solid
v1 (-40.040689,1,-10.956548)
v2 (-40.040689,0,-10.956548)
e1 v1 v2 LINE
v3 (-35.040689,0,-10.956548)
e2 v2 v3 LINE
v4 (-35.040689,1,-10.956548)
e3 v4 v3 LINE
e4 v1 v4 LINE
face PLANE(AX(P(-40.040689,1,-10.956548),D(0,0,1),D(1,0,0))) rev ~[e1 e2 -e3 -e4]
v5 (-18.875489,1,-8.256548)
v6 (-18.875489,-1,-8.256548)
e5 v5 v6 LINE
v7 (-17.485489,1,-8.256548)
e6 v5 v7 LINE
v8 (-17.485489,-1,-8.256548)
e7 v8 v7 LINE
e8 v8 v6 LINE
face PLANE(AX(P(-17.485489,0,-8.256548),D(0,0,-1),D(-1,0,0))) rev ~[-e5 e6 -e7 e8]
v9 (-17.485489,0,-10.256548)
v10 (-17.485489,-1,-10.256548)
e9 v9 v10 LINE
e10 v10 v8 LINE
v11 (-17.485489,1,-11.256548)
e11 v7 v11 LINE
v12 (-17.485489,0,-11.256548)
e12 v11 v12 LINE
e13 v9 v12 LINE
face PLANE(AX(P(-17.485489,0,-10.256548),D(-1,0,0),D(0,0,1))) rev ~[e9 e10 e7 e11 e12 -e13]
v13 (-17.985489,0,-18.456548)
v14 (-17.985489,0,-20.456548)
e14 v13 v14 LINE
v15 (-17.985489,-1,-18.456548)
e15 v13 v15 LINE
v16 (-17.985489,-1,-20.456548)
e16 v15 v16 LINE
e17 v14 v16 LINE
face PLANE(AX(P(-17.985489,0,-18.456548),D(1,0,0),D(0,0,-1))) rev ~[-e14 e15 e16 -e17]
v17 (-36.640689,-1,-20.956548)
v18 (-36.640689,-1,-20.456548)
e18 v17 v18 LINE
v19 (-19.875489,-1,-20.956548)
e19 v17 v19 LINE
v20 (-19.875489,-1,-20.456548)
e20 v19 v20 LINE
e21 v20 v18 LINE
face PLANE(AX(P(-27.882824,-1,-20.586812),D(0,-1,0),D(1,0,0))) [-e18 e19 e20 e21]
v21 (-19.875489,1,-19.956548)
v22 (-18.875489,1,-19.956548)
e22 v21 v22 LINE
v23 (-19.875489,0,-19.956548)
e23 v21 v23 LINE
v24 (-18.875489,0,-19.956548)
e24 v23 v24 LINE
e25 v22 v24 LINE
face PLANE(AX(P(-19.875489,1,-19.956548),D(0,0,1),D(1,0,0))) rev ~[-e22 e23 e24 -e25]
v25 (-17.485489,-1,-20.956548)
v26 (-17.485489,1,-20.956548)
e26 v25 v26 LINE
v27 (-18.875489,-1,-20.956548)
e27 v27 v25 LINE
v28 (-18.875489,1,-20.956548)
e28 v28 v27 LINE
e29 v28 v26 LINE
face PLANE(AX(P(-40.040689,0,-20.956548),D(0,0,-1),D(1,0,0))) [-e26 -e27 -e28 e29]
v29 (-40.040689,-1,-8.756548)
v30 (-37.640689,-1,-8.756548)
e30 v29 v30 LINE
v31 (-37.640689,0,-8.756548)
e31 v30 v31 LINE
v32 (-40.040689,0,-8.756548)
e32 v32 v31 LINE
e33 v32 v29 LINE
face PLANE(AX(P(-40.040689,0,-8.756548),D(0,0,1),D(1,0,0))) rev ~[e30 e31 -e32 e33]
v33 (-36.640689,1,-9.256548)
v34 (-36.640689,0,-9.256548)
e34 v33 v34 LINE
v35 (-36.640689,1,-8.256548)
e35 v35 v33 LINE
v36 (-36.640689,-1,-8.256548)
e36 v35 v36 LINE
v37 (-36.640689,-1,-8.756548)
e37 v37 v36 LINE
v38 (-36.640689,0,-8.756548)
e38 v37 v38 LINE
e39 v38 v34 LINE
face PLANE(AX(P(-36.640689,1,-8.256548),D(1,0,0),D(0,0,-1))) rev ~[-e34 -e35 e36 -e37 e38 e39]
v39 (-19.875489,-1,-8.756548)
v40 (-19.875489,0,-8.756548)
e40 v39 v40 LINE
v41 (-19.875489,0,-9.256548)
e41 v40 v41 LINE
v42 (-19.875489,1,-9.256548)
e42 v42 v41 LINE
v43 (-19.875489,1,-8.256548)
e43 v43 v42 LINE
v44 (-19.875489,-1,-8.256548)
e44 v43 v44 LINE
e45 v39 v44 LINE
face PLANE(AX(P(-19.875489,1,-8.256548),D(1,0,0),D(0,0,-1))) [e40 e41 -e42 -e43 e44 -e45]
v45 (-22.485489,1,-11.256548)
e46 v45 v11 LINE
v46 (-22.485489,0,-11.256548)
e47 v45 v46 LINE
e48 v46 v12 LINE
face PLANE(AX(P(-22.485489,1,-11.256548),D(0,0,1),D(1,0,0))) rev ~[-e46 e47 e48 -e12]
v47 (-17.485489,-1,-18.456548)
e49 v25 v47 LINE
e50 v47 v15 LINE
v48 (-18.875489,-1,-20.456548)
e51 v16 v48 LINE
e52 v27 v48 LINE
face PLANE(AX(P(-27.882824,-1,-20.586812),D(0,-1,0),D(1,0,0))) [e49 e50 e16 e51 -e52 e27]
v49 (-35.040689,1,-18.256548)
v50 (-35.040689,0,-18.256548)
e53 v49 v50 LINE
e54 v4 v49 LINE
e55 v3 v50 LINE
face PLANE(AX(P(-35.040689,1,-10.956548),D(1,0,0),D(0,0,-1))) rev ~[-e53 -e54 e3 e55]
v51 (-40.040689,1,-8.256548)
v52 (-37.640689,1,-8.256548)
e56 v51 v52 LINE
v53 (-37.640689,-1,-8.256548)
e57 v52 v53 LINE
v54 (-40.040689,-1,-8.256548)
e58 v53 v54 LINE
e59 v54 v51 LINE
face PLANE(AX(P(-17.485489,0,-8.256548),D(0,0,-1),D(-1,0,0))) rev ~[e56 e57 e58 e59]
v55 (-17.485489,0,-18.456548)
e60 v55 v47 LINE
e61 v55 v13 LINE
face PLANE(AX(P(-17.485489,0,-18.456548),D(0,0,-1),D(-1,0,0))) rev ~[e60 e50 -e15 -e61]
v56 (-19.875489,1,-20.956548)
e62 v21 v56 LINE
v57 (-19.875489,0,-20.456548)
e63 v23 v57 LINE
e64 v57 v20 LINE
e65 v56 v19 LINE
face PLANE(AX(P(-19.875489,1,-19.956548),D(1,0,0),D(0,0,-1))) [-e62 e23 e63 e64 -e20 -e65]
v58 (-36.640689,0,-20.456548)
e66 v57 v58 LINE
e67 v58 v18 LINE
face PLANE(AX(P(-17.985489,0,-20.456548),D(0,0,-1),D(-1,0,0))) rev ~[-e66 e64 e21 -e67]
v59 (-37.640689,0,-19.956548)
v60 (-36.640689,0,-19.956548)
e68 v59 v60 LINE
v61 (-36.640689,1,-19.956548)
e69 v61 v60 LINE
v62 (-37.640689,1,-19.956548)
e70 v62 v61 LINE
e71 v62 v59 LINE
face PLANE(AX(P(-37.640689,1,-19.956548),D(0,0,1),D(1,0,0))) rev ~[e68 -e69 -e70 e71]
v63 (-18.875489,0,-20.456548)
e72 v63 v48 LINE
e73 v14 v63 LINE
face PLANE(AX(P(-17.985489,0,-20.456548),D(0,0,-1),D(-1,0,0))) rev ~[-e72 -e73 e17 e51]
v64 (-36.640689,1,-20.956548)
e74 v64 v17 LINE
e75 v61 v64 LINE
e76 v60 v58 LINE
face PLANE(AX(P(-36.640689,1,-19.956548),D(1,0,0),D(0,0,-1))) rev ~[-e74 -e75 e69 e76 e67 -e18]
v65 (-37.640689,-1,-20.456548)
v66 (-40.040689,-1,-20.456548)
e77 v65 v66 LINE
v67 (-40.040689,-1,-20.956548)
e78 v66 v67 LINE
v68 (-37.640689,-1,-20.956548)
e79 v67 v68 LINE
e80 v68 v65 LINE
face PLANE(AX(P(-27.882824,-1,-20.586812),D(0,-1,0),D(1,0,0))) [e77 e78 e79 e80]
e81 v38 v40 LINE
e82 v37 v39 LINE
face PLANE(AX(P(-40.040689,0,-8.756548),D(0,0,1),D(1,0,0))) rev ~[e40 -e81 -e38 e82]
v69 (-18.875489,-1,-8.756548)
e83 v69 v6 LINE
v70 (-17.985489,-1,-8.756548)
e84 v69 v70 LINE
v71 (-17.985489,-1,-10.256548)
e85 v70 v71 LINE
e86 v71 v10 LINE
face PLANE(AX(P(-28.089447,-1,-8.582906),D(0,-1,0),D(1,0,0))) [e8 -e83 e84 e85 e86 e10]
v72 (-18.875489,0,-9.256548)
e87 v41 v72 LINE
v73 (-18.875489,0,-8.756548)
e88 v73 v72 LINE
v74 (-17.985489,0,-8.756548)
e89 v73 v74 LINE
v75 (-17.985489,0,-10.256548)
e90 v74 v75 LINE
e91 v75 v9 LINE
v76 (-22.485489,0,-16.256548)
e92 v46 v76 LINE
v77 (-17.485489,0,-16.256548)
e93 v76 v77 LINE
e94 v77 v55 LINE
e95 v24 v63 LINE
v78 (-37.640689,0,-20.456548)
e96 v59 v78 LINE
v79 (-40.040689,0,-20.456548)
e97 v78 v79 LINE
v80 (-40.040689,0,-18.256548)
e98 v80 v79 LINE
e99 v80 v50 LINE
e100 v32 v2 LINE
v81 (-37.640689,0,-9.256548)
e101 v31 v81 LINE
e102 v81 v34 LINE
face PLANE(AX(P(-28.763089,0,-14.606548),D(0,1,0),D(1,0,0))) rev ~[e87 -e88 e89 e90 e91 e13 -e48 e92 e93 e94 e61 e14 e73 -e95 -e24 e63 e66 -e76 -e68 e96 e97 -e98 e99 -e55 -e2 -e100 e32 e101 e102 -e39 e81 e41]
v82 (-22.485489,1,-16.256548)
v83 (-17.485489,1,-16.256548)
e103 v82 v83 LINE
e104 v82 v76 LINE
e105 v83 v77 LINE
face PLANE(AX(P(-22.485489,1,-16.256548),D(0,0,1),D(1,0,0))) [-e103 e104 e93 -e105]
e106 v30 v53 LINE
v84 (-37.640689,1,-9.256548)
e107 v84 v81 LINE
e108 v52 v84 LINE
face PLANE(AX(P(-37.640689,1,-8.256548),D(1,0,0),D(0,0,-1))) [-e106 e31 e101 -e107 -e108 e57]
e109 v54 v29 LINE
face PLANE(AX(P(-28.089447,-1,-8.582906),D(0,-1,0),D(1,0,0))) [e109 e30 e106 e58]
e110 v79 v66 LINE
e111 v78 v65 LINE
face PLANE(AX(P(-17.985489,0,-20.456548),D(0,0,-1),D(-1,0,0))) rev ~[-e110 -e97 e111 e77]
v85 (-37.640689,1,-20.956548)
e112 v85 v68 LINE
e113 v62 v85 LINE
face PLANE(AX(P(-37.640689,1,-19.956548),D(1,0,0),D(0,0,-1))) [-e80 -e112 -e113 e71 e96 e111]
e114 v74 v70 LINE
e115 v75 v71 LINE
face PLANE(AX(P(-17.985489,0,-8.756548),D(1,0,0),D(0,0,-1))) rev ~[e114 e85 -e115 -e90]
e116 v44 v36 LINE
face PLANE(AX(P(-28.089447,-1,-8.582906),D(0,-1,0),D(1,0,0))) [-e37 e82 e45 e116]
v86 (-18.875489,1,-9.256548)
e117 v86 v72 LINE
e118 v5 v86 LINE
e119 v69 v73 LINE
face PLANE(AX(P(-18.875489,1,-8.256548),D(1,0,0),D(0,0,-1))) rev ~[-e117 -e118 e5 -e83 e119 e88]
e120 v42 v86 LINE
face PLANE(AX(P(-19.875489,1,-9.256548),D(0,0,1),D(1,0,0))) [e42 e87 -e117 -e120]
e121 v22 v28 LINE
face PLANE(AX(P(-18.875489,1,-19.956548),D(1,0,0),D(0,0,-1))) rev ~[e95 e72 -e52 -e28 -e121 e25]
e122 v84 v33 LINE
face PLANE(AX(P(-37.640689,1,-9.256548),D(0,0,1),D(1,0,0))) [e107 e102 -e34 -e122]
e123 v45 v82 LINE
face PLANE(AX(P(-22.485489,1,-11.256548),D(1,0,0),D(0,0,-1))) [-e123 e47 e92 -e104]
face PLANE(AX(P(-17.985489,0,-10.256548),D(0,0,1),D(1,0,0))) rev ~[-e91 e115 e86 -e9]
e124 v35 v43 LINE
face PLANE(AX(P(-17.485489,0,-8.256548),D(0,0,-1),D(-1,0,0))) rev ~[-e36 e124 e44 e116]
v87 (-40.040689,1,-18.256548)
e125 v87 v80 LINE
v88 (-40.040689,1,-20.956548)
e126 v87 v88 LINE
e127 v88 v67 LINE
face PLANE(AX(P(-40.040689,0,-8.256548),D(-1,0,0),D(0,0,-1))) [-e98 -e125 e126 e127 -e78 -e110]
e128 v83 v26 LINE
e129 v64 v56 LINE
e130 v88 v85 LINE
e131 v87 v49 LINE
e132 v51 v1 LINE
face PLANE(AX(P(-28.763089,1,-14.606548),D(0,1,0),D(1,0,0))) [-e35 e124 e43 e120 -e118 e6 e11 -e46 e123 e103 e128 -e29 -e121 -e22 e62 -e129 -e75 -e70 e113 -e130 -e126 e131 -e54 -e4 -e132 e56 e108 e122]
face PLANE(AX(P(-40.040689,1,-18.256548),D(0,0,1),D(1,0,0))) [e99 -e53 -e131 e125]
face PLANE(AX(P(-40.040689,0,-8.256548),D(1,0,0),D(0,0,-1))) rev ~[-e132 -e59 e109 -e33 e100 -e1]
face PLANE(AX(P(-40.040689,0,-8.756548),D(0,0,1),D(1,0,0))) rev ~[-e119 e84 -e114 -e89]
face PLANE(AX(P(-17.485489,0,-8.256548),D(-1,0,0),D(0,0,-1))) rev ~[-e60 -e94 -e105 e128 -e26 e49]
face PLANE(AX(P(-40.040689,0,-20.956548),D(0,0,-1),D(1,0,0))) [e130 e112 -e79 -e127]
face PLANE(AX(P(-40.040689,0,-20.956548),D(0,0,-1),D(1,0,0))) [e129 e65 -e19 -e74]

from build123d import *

# Parameters (mm, degrees)
SKETCH1_W           = 22.5552
SKETCH1_H           = 12.7
BOSS_EXTRUDE1_DEPTH = 1
SKETCH2_W           = 5
SKETCH2_H           = 7.3
CUT_EXTRUDE1_DEPTH  = 1
SKETCH3_W           = 5
SKETCH3_H           = 5
CUT_EXTRUDE2_DEPTH  = 1
BOSS_EXTRUDE2_DEPTH = 1
SKETCH7_W           = 1
SKETCH7_H           = 1
CUT_EXTRUDE3_DEPTH  = 3


with BuildPart() as part:
    # Sketch1 → Boss-Extrude1 (new body)
    with BuildSketch(Plane(origin=(0, 0, 0), x_dir=(1, 0, 0), z_dir=(0, 1, 0))):
        with Locations((-28.763088774, 14.606547542)):
            Rectangle(SKETCH1_W, SKETCH1_H)
    extrude(amount=BOSS_EXTRUDE1_DEPTH)

    # Sketch2 → Cut-Extrude1 (cut)
    with BuildSketch(Plane(origin=(0, 1, 0), x_dir=(1, 0, 0), z_dir=(0, 1, 0))):
        with Locations((-37.540688774, 14.606547542)):
            Rectangle(SKETCH2_W, SKETCH2_H)
    extrude(amount=-CUT_EXTRUDE1_DEPTH, mode=Mode.SUBTRACT)

    # Sketch3 → Cut-Extrude2 (cut)
    with BuildSketch(Plane(origin=(0, 1, 0), x_dir=(1, 0, 0), z_dir=(0, 1, 0))):
        with Locations((-19.985488774, 13.756547542)):
            Rectangle(SKETCH3_W, SKETCH3_H)
    extrude(amount=-CUT_EXTRUDE2_DEPTH, mode=Mode.SUBTRACT)

    # Sketch4 → Boss-Extrude2 (add)
    with BuildSketch(Plane.XZ):
        Polygon((-40.040688774, -8.256547542), (-40.040688774, -8.756547542), (-17.985488774, -8.756547542), (-17.985488774, -10.256547542), (-17.485488774, -10.256547542), (-17.485488774, -8.256547542), align=None)
        Polygon((-17.985488774, -20.456547542), (-40.040688774, -20.456547542), (-40.040688774, -20.956547542), (-17.485488774, -20.956547542), (-17.485488774, -18.456547542), (-17.985488774, -18.456547542), align=None)
    extrude(amount=BOSS_EXTRUDE2_DEPTH)

    # Sketch7 → Cut-Extrude3 (cut)
    with BuildSketch(Plane(origin=(0, 1, 0), x_dir=(1, 0, 0), z_dir=(0, 1, 0))):
        with Locations((-37.140688774, 20.456547542)):
            Rectangle(SKETCH7_W, SKETCH7_H)
        with Locations((-37.140688774, 8.756547542)):
            Rectangle(SKETCH7_W, SKETCH7_H)
        with Locations((-19.375488774, 20.456547542)):
            Rectangle(SKETCH7_W, SKETCH7_H)
        with Locations((-19.375488774, 8.756547542)):
            Rectangle(SKETCH7_W, SKETCH7_H)
    extrude(amount=-CUT_EXTRUDE3_DEPTH, mode=Mode.SUBTRACT)


solid = part.part
